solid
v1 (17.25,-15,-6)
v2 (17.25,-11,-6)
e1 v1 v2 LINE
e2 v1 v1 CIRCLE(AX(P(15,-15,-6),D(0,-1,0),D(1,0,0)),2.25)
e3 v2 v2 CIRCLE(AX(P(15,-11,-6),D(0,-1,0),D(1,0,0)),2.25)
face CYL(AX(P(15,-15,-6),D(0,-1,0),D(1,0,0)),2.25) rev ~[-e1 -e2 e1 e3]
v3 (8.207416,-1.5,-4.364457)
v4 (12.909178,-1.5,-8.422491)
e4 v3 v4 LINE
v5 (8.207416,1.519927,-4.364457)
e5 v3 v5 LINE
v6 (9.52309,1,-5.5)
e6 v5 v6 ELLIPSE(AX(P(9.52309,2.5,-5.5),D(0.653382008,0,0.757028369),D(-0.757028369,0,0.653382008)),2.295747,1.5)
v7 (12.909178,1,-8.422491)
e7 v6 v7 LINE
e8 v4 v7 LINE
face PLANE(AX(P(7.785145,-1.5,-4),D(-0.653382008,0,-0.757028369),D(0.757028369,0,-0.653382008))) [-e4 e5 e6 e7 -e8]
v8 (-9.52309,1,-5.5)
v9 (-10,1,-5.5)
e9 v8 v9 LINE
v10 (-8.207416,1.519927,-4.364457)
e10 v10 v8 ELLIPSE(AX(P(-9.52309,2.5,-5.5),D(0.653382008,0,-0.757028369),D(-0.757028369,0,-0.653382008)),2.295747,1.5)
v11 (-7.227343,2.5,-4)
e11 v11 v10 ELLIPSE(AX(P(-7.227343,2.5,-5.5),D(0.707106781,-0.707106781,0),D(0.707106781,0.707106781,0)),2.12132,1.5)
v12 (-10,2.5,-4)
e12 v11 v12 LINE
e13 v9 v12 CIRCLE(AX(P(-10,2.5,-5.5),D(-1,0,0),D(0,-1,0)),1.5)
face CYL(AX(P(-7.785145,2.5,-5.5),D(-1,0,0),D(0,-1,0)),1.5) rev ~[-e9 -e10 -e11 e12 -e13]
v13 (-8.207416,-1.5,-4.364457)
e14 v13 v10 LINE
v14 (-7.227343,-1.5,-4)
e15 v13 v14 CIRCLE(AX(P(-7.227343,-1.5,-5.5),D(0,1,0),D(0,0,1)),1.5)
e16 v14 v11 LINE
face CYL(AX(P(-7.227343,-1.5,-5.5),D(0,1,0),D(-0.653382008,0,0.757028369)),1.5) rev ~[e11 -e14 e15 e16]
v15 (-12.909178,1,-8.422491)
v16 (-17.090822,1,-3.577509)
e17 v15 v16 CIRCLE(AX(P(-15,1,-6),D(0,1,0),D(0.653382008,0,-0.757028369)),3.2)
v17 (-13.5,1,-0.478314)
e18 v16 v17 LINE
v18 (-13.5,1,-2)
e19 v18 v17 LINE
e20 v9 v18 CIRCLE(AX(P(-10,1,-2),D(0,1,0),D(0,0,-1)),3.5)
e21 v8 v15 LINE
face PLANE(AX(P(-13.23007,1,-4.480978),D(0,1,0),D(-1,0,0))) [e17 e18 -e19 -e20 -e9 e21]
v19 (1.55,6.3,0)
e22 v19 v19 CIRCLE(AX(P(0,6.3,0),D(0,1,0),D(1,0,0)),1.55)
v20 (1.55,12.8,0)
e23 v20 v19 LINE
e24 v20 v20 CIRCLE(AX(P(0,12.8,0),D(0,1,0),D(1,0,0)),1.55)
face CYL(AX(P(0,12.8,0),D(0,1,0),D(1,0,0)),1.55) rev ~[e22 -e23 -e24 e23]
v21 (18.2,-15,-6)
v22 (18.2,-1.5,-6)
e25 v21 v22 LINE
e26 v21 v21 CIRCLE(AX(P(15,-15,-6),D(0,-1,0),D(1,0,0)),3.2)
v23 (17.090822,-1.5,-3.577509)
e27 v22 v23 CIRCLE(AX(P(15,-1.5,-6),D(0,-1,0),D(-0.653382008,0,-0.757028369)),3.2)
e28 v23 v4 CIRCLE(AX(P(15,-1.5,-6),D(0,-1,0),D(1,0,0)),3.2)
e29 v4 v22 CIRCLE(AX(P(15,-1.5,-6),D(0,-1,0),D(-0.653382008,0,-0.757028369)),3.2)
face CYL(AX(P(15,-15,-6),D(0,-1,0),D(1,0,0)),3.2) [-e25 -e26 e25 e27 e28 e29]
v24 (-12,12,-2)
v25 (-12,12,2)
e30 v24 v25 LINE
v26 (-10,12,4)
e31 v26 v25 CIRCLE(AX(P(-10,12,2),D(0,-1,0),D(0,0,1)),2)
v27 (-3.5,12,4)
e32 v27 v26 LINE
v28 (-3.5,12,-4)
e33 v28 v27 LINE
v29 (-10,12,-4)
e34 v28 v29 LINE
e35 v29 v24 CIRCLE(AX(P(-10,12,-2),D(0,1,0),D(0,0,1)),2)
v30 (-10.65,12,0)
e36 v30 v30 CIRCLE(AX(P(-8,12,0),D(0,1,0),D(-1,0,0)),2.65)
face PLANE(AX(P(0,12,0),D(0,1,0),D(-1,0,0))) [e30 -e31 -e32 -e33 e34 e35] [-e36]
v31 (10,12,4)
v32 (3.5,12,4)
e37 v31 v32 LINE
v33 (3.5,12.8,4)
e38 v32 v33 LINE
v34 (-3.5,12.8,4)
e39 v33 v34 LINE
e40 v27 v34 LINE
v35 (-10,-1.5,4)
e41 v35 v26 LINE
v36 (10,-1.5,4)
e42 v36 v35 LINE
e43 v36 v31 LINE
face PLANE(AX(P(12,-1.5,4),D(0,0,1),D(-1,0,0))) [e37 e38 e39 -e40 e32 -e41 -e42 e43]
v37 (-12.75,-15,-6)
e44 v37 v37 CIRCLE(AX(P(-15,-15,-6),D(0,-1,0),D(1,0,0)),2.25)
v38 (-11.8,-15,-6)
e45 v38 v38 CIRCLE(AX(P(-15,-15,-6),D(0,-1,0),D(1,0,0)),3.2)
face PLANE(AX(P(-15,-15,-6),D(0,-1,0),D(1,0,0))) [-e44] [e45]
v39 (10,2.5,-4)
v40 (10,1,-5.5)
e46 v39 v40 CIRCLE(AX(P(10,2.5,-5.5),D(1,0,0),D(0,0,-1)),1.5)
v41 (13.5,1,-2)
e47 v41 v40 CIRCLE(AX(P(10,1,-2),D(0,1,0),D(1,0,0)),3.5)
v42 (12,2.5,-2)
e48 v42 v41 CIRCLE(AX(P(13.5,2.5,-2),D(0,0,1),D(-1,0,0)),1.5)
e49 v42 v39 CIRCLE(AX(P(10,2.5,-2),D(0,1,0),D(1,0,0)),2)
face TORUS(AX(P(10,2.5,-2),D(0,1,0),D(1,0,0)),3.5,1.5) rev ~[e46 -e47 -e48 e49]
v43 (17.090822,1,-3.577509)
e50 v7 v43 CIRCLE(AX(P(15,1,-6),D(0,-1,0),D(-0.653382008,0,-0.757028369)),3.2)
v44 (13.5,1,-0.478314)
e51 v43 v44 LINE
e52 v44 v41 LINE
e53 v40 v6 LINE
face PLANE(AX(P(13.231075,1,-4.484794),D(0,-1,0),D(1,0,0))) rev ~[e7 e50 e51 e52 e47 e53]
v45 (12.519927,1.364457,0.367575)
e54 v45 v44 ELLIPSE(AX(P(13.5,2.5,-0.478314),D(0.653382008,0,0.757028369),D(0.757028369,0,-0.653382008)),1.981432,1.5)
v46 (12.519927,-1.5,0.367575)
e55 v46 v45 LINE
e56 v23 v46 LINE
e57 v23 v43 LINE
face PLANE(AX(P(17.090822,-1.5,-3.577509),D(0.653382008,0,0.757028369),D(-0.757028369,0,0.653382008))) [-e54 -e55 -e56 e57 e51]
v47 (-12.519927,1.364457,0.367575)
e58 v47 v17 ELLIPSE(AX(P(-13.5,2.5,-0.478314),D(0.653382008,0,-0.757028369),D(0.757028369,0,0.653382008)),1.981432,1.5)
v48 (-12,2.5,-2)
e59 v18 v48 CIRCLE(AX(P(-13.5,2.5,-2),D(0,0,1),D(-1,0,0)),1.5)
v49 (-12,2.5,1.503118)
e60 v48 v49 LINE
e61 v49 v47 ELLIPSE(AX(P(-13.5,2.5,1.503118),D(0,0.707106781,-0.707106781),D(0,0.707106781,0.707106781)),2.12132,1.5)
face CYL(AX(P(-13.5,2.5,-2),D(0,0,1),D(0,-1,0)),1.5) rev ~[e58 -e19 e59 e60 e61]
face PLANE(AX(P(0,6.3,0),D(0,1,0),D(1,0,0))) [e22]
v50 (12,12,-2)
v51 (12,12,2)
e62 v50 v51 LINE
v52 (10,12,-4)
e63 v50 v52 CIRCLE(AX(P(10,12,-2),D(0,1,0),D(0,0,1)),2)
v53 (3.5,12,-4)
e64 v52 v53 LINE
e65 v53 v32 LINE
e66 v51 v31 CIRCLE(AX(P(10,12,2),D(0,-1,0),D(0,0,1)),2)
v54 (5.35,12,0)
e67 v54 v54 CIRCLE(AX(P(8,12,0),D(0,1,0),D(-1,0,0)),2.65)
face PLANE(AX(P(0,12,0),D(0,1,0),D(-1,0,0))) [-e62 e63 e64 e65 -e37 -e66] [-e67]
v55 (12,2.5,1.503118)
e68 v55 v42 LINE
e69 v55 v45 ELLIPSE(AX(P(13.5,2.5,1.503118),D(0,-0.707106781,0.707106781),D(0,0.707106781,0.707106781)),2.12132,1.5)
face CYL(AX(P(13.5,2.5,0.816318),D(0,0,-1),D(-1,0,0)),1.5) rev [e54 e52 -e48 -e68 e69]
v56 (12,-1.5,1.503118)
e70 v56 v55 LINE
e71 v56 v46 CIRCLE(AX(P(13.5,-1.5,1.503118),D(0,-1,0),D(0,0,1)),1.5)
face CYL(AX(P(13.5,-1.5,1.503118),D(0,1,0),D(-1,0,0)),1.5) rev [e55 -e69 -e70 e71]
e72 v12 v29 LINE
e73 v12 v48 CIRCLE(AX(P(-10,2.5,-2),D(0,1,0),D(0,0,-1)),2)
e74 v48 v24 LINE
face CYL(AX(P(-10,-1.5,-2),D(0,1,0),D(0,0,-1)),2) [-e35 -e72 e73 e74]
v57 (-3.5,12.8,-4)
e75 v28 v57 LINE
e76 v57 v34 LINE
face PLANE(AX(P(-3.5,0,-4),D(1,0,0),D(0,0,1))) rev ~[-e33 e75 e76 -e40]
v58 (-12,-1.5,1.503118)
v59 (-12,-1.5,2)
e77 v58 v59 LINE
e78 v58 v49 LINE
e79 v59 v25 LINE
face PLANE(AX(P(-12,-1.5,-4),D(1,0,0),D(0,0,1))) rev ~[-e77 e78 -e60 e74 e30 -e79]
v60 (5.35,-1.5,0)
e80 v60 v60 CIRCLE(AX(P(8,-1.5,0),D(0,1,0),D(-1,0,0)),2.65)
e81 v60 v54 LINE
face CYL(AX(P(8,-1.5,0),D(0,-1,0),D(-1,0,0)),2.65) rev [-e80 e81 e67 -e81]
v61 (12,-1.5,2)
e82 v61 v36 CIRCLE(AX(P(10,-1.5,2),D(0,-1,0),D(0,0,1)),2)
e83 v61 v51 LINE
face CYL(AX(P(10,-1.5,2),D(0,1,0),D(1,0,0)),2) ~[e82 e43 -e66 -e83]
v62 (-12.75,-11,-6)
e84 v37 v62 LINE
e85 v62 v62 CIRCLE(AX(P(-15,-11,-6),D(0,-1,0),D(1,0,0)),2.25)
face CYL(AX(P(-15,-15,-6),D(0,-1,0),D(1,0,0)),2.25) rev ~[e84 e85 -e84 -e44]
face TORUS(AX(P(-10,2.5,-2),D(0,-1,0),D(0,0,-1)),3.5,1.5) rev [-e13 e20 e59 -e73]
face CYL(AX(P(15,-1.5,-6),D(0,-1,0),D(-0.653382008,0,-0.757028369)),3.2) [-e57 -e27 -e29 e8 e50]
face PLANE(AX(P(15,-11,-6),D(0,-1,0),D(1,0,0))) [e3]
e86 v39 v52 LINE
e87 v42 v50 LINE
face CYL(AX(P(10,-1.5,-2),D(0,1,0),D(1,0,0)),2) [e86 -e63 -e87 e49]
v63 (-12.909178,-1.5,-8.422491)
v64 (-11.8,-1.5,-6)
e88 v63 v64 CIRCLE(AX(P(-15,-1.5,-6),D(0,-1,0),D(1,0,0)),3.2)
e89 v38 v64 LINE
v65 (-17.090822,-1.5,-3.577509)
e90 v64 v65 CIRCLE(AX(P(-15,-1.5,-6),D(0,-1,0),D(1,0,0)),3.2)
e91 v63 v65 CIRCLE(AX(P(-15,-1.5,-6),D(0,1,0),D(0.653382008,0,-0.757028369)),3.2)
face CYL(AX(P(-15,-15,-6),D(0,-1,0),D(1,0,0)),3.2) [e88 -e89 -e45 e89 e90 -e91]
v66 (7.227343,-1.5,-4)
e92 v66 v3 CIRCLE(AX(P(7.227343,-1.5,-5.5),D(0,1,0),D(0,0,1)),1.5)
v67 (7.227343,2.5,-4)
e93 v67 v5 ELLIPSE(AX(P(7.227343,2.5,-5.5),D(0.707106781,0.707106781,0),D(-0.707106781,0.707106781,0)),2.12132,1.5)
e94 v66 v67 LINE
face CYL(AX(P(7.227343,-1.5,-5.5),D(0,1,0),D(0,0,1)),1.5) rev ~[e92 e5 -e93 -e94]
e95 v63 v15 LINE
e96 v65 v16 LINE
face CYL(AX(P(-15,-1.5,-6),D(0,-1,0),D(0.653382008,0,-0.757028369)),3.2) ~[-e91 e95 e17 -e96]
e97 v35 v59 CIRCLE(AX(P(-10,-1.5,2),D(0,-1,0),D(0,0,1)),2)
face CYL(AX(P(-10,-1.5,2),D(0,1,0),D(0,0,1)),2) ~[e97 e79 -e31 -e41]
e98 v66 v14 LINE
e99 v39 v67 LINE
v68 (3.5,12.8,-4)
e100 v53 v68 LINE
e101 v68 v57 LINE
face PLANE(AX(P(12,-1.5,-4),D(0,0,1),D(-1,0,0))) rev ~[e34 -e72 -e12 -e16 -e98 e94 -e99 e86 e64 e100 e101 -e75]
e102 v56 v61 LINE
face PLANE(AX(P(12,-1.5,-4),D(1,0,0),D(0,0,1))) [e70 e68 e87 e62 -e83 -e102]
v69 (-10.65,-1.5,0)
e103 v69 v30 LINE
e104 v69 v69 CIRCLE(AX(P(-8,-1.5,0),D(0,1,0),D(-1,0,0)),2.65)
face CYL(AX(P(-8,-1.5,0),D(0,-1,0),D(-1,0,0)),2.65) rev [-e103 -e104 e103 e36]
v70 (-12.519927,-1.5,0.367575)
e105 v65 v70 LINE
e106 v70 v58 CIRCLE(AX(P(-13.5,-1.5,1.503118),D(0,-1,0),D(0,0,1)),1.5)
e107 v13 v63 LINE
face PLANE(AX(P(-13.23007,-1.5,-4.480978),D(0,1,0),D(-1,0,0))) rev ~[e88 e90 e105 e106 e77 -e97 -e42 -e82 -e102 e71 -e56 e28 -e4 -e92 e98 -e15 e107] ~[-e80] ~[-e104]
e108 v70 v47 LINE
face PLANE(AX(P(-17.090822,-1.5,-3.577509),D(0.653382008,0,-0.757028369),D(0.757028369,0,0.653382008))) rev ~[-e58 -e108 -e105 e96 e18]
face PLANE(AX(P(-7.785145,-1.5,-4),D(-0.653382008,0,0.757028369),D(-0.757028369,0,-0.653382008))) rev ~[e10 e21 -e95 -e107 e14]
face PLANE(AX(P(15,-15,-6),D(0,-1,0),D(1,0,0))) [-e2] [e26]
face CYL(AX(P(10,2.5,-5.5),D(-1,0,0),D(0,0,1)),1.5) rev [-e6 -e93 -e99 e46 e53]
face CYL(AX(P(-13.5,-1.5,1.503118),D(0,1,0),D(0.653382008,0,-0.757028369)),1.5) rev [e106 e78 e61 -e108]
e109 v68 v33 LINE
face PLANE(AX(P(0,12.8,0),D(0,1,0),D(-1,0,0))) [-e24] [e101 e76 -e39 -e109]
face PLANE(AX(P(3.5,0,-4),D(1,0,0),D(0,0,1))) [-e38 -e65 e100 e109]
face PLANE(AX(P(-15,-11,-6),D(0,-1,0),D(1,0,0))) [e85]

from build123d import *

# Parameters (mm, degrees)
SKETCH25_W               = 7
SKETCH25_H               = 8
BOSS_EXTRUDE5_DEPTH      = 12.8
BOSS_EXTRUDE6_DEPTH      = 12
BOSS_EXTRUDE6_DEPTH_BACK = 1.5
SKETCH26_W               = 24
SKETCH26_H               = 8
SKETCH26_R               = 2.65
SKETCH27_R               = 1.55
CUT_EXTRUDE1_DEPTH       = 6.5
FILLET1_R                = 2
BOSS_EXTRUDE8_DEPTH      = 2.5
FILLET2_R                = 1.5
BOSS_EXTRUDE9_START      = 13.5
SKETCH30_R               = 3.2
BOSS_EXTRUDE9_DEPTH      = 13.5
SKETCH31_R               = 2.25
CUT_EXTRUDE2_DEPTH       = 4


with BuildPart() as part:
    # Sketch25 → Boss-Extrude5 (new body)
    with BuildSketch(Plane(origin=(0, 0, 0), x_dir=(-1, 0, 0), z_dir=(0, 1, 0))):
        Rectangle(SKETCH25_W, SKETCH25_H)
    extrude(amount=BOSS_EXTRUDE5_DEPTH)

    # Sketch26 → Boss-Extrude6 (add, two sides: drawn at the far end of the back side and taken through both)
    with BuildSketch(Plane(origin=(0, 0, 0), x_dir=(-1, 0, 0), z_dir=(0, 1, 0)).offset(-BOSS_EXTRUDE6_DEPTH_BACK)):
        Rectangle(SKETCH26_W, SKETCH26_H)
        with Locations((-8, 0)):
            Circle(SKETCH26_R, mode=Mode.SUBTRACT)
        with Locations((8, 0)):
            Circle(SKETCH26_R, mode=Mode.SUBTRACT)
    extrude(amount=BOSS_EXTRUDE6_DEPTH + BOSS_EXTRUDE6_DEPTH_BACK)

    # Sketch27 → Cut-Extrude1 (cut)
    with BuildSketch(Plane(origin=(0, 12.8, 0), x_dir=(1, 0, 0), z_dir=(0, 1, 0))):
        Circle(SKETCH27_R)
    extrude(amount=-CUT_EXTRUDE1_DEPTH, mode=Mode.SUBTRACT)

    # Fillet1
    fillet1_edges = [part.edges().sort_by_distance(p)[0] for p in [
        (-12, 5.25, 4),
        (12, 5.25, 4),
        (-12, 5.25, -4),
        (12, 5.25, -4),
    ]]
    fillet(fillet1_edges, radius=FILLET1_R)

    # Sketch29 → Boss-Extrude8 (add)
    with BuildSketch(Plane.XZ.offset(1.5)):
        with BuildLine():
            Line((-17.090822427, -3.57750922), (-12, 0.816317906))
            Line((-12, 0.816317906), (-10.745987583, -2.422706372))
            Line((-10.745987583, -2.422706372), (-7.78514456, -4))
            Line((-7.78514456, -4), (-12.909177573, -8.42249078))
            ThreePointArc((-12.909177573, -8.42249078), (-17.42249078, -8.090822427), (-17.090822427, -3.57750922))
        make_face()
        with BuildLine():
            Line((17.090822427, -3.57750922), (12, 0.816317906))
            Line((12, 0.816317906), (10.79122124, -2.606916283))
            Line((10.79122124, -2.606916283), (7.78514456, -4))
            Line((7.78514456, -4), (12.909177573, -8.42249078))
            ThreePointArc((12.909177573, -8.42249078), (17.42249078, -8.090822427), (17.090822427, -3.57750922))
        make_face()
    extrude(amount=-BOSS_EXTRUDE8_DEPTH)

    # Fillet2
    fillet2_edges = [part.edges().sort_by_distance(p)[0] for p in [
        (12, 1, -0.591841047),
        (11.414213562, 1, -3.414213562),
        (-8.89257228, 1, -4),
        (-11.414213562, 1, -3.414213562),
        (-12, -0.25, 0.816317906),
        (12, -0.25, 0.816317906),
        (-7.78514456, -0.25, -4),
        (7.78514456, -0.25, -4),
        (8.89257228, 1, -4),
        (-12, 1, -0.591841047),
    ]]
    fillet(fillet2_edges, radius=FILLET2_R)

    # Sketch30 → Boss-Extrude9 (add)
    with BuildSketch(Plane.XZ.offset(1.5).offset(BOSS_EXTRUDE9_START)):
        with Locations((-15, -6)):
            Circle(SKETCH30_R)
        with Locations((15, -6)):
            Circle(SKETCH30_R)
    extrude(amount=-BOSS_EXTRUDE9_DEPTH)

    # Sketch31 → Cut-Extrude2 (cut)
    with BuildSketch(Plane.XZ.offset(15)):
        with Locations((-15, -6)):
            Circle(SKETCH31_R)
        with Locations((15, -6)):
            Circle(SKETCH31_R)
    extrude(amount=-CUT_EXTRUDE2_DEPTH, mode=Mode.SUBTRACT)


solid = part.part
